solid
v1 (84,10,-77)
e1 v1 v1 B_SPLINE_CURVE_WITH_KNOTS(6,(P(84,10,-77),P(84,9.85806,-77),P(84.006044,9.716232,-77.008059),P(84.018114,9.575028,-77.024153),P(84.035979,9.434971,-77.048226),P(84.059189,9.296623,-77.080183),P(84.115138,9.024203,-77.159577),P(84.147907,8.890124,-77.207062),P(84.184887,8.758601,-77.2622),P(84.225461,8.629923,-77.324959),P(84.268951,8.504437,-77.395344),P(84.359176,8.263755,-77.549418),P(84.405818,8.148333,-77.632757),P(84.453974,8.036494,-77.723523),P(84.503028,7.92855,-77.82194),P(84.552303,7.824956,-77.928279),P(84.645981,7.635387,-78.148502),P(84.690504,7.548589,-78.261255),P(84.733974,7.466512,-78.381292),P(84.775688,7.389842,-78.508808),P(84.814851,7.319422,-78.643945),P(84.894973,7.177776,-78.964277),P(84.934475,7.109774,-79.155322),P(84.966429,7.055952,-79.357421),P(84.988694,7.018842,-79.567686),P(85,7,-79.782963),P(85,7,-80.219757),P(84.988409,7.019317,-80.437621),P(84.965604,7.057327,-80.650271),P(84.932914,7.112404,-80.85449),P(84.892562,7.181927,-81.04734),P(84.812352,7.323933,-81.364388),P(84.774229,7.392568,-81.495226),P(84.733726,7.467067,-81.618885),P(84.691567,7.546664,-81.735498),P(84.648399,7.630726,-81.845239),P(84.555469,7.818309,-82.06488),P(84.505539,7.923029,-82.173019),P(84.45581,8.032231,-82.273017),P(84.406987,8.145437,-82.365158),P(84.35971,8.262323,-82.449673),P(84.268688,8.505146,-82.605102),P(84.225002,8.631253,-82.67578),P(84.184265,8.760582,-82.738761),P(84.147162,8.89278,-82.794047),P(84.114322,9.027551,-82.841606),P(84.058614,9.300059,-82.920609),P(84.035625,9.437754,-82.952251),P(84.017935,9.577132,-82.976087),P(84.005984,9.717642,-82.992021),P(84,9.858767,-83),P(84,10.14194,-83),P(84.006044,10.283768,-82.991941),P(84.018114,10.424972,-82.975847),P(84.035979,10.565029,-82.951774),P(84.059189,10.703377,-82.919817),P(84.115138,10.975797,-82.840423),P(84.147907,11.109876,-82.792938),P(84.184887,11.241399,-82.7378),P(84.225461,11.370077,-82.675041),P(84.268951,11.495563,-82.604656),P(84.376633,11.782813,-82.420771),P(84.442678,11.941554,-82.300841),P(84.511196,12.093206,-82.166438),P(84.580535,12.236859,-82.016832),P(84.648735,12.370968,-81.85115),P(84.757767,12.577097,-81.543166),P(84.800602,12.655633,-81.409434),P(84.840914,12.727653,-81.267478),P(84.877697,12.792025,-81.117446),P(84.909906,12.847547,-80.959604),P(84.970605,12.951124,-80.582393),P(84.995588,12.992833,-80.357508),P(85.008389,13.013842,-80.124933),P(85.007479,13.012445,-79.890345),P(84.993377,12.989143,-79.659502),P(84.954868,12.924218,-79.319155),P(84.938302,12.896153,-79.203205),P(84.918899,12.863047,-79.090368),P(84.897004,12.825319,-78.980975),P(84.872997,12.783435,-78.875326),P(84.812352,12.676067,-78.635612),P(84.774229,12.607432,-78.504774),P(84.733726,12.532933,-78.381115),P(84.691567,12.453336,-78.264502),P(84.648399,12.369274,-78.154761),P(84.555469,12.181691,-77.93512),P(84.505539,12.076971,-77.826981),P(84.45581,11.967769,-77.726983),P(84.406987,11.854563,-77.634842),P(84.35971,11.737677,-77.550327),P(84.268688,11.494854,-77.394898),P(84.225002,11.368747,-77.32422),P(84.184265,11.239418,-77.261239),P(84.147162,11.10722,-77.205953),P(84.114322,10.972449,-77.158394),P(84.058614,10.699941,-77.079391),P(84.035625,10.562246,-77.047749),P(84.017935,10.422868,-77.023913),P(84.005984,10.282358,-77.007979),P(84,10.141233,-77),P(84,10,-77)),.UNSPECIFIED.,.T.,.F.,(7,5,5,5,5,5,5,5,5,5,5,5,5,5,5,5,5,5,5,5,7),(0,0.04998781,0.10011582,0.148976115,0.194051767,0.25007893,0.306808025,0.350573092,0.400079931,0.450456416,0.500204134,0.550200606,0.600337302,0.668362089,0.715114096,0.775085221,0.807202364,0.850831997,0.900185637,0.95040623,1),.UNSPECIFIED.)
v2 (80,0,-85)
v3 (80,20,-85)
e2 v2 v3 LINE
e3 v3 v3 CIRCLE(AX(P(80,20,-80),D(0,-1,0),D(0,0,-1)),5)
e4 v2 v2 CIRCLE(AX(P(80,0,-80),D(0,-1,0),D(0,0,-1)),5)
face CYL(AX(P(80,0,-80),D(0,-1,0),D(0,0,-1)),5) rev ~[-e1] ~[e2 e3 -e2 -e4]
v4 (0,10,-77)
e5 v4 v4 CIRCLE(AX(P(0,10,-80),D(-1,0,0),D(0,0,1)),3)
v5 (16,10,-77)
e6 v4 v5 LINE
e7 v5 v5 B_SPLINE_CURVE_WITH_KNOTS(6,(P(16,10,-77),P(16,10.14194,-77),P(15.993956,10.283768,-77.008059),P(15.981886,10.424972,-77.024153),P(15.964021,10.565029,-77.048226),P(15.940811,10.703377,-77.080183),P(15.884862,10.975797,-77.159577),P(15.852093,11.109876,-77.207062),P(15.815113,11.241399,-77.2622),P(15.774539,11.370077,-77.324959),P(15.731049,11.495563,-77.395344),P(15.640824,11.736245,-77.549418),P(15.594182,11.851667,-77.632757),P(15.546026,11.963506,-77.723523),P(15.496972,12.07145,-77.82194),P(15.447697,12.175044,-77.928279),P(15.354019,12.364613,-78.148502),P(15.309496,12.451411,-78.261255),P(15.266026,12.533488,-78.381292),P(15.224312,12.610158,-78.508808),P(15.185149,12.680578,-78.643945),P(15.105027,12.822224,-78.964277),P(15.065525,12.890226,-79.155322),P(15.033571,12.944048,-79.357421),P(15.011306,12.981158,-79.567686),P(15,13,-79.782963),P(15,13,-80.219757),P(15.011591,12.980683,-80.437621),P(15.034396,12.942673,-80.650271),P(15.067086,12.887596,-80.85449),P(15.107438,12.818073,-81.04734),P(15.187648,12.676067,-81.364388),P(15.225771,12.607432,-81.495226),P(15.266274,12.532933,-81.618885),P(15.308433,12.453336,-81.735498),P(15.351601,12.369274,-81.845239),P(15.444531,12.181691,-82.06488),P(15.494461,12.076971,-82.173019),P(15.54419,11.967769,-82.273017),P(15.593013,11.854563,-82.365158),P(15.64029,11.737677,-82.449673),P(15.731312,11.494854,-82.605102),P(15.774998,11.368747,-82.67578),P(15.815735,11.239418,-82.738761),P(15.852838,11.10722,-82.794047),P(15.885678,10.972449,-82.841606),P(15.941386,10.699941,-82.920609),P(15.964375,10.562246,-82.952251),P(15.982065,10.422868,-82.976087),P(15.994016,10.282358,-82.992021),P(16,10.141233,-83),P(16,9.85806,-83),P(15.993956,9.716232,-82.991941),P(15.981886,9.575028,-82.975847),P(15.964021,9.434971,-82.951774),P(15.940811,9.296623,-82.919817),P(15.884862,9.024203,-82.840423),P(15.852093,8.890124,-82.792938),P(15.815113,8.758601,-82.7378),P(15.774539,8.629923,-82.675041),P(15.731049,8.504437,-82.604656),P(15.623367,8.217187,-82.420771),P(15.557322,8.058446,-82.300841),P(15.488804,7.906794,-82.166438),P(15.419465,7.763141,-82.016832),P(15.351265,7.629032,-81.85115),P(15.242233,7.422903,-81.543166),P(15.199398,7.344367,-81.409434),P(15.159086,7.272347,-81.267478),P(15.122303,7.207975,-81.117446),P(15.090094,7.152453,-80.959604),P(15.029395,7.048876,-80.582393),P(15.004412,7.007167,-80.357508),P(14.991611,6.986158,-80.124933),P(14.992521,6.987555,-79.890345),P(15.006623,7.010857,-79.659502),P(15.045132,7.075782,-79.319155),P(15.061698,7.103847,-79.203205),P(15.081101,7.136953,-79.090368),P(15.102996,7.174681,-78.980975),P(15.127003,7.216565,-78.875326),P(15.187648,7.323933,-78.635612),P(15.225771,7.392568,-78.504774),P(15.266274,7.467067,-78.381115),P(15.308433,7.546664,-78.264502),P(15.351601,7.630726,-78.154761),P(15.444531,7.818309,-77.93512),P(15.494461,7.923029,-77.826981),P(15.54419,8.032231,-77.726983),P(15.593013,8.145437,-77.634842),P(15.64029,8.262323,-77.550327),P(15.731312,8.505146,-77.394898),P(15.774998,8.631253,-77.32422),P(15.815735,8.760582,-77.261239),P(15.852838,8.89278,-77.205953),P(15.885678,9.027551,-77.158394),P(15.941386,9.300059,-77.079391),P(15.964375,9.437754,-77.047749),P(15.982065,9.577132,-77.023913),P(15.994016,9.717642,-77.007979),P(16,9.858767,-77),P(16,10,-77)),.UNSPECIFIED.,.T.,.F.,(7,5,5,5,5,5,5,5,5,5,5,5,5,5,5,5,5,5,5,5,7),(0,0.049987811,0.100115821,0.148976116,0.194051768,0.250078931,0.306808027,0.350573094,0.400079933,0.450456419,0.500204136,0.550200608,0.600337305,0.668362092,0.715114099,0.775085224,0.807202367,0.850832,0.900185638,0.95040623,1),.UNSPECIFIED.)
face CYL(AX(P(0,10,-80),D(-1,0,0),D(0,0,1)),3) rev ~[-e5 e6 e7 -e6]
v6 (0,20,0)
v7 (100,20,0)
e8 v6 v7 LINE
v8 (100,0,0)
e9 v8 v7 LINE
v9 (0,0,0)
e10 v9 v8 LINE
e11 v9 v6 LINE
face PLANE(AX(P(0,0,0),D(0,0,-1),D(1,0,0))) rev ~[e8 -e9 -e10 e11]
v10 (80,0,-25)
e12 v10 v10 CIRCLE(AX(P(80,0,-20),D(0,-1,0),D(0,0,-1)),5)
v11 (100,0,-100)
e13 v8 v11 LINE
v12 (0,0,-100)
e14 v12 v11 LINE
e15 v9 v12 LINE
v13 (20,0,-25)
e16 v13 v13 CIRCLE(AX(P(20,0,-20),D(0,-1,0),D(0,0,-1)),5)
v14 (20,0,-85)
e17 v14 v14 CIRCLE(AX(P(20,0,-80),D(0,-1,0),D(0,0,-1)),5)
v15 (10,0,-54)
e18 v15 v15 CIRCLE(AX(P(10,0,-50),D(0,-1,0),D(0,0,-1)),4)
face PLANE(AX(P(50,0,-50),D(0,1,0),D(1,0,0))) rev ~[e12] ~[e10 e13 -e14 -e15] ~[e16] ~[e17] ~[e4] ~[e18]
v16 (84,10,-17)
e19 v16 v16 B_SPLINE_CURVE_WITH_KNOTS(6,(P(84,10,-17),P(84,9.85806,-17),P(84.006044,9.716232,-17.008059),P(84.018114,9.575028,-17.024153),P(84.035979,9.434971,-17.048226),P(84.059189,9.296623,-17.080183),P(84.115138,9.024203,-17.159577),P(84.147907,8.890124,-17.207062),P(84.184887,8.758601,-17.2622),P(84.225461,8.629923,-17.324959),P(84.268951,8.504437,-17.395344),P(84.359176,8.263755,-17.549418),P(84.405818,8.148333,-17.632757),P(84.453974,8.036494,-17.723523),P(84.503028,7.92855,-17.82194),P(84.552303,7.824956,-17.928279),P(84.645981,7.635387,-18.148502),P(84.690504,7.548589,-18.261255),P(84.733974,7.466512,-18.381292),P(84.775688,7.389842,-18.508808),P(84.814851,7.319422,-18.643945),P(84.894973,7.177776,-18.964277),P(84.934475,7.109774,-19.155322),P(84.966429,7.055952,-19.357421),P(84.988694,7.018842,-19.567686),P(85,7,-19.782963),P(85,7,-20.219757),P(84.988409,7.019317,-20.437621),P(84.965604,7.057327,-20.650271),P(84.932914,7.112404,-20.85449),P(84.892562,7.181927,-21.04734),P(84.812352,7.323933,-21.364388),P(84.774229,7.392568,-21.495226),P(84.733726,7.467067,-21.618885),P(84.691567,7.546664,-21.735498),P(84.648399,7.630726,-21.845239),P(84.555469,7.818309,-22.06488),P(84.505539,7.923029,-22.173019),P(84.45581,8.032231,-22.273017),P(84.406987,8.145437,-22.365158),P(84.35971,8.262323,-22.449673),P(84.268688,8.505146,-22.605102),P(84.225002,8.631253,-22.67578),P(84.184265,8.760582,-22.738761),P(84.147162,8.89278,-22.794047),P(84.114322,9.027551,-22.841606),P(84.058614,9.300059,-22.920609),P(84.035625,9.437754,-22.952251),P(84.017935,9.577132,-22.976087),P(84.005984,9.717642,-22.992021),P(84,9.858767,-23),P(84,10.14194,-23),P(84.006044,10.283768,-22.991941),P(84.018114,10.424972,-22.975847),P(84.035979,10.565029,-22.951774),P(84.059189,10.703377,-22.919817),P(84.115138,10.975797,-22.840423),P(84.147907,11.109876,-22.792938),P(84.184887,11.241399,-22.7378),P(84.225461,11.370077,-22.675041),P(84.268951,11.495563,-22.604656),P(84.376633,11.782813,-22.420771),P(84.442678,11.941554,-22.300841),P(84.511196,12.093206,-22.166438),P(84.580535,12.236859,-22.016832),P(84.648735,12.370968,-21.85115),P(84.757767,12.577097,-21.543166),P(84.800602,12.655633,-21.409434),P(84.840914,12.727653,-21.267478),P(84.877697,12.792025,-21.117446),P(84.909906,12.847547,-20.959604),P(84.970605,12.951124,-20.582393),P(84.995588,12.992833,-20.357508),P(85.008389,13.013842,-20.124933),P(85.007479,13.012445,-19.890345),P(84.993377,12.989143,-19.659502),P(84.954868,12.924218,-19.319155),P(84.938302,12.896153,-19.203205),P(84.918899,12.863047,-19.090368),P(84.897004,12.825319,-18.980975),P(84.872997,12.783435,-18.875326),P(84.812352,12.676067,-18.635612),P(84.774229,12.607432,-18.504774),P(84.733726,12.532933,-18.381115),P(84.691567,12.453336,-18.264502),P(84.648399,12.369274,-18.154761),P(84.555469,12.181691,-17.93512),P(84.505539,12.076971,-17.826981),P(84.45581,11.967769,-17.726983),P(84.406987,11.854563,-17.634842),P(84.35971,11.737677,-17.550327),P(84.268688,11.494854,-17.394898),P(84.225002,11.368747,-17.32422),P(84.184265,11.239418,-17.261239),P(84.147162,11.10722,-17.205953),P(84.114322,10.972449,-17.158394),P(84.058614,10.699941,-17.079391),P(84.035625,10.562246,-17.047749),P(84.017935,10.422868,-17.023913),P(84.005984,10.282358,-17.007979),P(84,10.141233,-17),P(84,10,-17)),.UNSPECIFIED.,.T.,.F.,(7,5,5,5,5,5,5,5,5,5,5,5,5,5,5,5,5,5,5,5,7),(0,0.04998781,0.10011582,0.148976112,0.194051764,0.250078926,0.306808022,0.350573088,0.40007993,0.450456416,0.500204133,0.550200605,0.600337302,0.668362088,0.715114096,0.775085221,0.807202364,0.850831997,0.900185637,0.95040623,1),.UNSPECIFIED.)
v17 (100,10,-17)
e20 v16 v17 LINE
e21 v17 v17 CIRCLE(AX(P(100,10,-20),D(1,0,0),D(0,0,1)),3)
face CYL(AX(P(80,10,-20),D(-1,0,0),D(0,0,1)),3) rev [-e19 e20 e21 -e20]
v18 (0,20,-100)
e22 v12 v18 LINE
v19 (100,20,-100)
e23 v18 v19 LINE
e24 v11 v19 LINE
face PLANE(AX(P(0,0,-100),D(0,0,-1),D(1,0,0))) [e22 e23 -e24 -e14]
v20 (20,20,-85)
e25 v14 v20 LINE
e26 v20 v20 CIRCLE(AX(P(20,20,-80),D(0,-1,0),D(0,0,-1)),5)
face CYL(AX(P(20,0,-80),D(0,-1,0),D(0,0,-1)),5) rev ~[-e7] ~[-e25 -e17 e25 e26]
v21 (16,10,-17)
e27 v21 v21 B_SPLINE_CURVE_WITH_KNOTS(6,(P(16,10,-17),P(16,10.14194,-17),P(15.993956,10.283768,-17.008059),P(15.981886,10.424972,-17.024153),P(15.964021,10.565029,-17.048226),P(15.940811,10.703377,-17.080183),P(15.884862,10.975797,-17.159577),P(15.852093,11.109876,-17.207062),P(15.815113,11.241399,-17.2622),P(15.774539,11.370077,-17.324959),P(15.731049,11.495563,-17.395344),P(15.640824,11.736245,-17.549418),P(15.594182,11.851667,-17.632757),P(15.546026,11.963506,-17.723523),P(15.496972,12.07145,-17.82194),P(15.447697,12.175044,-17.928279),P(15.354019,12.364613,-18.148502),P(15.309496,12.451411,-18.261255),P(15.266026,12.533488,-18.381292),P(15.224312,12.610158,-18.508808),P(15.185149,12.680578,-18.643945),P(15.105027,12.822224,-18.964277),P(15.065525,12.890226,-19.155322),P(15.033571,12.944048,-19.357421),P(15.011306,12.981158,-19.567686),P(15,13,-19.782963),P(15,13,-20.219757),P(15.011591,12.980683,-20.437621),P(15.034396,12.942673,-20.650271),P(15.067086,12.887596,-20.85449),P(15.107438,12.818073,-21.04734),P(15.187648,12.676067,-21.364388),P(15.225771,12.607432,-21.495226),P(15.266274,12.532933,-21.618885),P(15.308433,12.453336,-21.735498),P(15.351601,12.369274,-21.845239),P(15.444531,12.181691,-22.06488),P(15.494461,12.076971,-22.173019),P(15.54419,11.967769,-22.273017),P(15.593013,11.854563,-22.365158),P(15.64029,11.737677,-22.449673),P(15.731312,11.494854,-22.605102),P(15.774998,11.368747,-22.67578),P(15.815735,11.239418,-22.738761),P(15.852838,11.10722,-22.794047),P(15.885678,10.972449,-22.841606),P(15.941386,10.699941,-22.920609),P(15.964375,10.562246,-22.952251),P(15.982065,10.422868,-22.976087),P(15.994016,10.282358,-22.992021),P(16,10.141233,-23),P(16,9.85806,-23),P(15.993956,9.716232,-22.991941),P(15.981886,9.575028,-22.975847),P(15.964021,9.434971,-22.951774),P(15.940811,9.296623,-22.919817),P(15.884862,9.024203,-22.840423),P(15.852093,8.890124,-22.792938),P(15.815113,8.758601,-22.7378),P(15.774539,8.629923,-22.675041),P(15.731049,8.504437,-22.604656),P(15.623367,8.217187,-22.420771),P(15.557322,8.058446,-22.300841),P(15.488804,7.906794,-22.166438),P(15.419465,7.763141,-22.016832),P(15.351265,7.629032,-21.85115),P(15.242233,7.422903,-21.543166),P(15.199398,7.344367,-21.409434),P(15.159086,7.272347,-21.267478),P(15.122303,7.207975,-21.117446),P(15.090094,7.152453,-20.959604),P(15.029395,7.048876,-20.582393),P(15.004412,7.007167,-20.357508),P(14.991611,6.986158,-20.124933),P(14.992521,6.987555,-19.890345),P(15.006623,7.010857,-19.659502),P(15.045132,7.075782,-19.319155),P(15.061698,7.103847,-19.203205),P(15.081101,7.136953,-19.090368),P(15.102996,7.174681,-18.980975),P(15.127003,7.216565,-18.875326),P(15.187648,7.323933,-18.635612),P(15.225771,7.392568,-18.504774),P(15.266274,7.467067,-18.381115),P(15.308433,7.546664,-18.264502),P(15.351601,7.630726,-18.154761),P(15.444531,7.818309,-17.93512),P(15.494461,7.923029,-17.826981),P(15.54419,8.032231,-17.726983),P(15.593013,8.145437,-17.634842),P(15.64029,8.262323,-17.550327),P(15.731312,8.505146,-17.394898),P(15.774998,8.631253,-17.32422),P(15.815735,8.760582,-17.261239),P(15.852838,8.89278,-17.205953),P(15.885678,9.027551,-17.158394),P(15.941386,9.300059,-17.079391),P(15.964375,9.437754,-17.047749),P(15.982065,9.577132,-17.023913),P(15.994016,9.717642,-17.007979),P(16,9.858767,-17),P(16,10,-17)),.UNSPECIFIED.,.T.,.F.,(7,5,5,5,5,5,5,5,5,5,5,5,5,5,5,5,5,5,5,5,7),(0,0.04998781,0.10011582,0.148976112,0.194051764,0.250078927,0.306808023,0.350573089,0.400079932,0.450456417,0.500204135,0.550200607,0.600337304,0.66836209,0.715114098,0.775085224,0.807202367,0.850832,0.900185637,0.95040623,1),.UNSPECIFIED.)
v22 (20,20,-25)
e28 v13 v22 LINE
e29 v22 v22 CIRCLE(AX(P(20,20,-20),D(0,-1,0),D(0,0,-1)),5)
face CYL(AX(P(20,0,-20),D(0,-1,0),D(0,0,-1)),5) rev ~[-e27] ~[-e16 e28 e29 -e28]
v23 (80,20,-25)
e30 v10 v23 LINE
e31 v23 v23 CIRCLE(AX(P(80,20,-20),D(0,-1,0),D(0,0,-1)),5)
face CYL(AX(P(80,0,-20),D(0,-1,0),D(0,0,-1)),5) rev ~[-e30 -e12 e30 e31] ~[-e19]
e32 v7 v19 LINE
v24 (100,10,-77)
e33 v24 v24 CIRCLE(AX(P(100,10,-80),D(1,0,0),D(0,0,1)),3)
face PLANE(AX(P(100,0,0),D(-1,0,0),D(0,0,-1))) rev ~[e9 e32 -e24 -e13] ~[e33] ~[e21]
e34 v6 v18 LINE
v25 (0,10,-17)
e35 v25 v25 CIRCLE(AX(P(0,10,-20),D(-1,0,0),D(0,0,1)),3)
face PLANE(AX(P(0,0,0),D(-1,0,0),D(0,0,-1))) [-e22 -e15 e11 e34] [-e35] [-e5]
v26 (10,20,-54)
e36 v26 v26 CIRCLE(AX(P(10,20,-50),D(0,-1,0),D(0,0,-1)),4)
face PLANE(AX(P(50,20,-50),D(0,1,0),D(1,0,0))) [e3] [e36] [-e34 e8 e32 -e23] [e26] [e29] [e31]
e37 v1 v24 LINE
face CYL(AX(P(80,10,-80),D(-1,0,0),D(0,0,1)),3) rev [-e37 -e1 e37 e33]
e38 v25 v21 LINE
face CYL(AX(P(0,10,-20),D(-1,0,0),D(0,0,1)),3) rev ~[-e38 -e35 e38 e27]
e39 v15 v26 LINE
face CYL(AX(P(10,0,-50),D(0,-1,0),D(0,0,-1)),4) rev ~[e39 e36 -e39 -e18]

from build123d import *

# Parameters (mm, degrees)
SKETCH_1_W          = 100
SKETCH_1_H          = 100
EXTRUDE_1_DEPTH     = 20
SKETCH_2_R          = 5
SKETCH_2_R_2        = 4
CUT_EXTRUDE_1_DEPTH = 20
SKETCH_3_R          = 3
CUT_EXTRUDE_2_DEPTH = 20
CUT_EXTRUDE_START   = -20
SKETCH_4_R          = 3
CUT_EXTRUDE_3_DEPTH = 20


with BuildPart() as part:
    # Эскиз1 → Бобышка-Вытянуть1 (new body)
    with BuildSketch(Plane(origin=(0, 0, 0), x_dir=(1, 0, 0), z_dir=(0, 1, 0))):
        with Locations((50, 50)):
            Rectangle(SKETCH_1_W, SKETCH_1_H)
    extrude(amount=EXTRUDE_1_DEPTH)

    # Эскиз2 → Вырез-Вытянуть1 (cut)
    with BuildSketch(Plane.XZ):
        with Locations(Location((20, -20, 0), (0, 0, 270))):
            Circle(SKETCH_2_R)
        with Locations(Location((10, -50, 0), (0, 0, 270))):
            Circle(SKETCH_2_R_2)
        with Locations(Location((20, -80, 0), (0, 0, 270))):
            Circle(SKETCH_2_R)
        with Locations(Location((80, -20, 0), (0, 0, 270))):
            Circle(SKETCH_2_R)
        with Locations(Location((80, -80, 0), (0, 0, 270))):
            Circle(SKETCH_2_R)
    extrude(amount=-CUT_EXTRUDE_1_DEPTH, mode=Mode.SUBTRACT)

    # Эскиз3 → Вырез-Вытянуть2 (cut)
    with BuildSketch(Plane.ZY):
        with Locations((-80, 10)):
            Circle(SKETCH_3_R)
        with Locations((-20, 10)):
            Circle(SKETCH_3_R)
    extrude(amount=-CUT_EXTRUDE_2_DEPTH, mode=Mode.SUBTRACT)

    # Эскиз4 → Вырез-Вытянуть3 (cut)
    with BuildSketch(Plane(origin=(100, 0, 0), x_dir=(0, 0, -1), z_dir=(1, 0, 0)).offset(CUT_EXTRUDE_START)):
        with Locations(Location((20, 10, 0), (0, 0, 180))):
            Circle(SKETCH_4_R)
        with Locations(Location((80, 10, 0), (0, 0, 180))):
            Circle(SKETCH_4_R)
    extrude(amount=CUT_EXTRUDE_3_DEPTH, mode=Mode.SUBTRACT)


solid = part.part
